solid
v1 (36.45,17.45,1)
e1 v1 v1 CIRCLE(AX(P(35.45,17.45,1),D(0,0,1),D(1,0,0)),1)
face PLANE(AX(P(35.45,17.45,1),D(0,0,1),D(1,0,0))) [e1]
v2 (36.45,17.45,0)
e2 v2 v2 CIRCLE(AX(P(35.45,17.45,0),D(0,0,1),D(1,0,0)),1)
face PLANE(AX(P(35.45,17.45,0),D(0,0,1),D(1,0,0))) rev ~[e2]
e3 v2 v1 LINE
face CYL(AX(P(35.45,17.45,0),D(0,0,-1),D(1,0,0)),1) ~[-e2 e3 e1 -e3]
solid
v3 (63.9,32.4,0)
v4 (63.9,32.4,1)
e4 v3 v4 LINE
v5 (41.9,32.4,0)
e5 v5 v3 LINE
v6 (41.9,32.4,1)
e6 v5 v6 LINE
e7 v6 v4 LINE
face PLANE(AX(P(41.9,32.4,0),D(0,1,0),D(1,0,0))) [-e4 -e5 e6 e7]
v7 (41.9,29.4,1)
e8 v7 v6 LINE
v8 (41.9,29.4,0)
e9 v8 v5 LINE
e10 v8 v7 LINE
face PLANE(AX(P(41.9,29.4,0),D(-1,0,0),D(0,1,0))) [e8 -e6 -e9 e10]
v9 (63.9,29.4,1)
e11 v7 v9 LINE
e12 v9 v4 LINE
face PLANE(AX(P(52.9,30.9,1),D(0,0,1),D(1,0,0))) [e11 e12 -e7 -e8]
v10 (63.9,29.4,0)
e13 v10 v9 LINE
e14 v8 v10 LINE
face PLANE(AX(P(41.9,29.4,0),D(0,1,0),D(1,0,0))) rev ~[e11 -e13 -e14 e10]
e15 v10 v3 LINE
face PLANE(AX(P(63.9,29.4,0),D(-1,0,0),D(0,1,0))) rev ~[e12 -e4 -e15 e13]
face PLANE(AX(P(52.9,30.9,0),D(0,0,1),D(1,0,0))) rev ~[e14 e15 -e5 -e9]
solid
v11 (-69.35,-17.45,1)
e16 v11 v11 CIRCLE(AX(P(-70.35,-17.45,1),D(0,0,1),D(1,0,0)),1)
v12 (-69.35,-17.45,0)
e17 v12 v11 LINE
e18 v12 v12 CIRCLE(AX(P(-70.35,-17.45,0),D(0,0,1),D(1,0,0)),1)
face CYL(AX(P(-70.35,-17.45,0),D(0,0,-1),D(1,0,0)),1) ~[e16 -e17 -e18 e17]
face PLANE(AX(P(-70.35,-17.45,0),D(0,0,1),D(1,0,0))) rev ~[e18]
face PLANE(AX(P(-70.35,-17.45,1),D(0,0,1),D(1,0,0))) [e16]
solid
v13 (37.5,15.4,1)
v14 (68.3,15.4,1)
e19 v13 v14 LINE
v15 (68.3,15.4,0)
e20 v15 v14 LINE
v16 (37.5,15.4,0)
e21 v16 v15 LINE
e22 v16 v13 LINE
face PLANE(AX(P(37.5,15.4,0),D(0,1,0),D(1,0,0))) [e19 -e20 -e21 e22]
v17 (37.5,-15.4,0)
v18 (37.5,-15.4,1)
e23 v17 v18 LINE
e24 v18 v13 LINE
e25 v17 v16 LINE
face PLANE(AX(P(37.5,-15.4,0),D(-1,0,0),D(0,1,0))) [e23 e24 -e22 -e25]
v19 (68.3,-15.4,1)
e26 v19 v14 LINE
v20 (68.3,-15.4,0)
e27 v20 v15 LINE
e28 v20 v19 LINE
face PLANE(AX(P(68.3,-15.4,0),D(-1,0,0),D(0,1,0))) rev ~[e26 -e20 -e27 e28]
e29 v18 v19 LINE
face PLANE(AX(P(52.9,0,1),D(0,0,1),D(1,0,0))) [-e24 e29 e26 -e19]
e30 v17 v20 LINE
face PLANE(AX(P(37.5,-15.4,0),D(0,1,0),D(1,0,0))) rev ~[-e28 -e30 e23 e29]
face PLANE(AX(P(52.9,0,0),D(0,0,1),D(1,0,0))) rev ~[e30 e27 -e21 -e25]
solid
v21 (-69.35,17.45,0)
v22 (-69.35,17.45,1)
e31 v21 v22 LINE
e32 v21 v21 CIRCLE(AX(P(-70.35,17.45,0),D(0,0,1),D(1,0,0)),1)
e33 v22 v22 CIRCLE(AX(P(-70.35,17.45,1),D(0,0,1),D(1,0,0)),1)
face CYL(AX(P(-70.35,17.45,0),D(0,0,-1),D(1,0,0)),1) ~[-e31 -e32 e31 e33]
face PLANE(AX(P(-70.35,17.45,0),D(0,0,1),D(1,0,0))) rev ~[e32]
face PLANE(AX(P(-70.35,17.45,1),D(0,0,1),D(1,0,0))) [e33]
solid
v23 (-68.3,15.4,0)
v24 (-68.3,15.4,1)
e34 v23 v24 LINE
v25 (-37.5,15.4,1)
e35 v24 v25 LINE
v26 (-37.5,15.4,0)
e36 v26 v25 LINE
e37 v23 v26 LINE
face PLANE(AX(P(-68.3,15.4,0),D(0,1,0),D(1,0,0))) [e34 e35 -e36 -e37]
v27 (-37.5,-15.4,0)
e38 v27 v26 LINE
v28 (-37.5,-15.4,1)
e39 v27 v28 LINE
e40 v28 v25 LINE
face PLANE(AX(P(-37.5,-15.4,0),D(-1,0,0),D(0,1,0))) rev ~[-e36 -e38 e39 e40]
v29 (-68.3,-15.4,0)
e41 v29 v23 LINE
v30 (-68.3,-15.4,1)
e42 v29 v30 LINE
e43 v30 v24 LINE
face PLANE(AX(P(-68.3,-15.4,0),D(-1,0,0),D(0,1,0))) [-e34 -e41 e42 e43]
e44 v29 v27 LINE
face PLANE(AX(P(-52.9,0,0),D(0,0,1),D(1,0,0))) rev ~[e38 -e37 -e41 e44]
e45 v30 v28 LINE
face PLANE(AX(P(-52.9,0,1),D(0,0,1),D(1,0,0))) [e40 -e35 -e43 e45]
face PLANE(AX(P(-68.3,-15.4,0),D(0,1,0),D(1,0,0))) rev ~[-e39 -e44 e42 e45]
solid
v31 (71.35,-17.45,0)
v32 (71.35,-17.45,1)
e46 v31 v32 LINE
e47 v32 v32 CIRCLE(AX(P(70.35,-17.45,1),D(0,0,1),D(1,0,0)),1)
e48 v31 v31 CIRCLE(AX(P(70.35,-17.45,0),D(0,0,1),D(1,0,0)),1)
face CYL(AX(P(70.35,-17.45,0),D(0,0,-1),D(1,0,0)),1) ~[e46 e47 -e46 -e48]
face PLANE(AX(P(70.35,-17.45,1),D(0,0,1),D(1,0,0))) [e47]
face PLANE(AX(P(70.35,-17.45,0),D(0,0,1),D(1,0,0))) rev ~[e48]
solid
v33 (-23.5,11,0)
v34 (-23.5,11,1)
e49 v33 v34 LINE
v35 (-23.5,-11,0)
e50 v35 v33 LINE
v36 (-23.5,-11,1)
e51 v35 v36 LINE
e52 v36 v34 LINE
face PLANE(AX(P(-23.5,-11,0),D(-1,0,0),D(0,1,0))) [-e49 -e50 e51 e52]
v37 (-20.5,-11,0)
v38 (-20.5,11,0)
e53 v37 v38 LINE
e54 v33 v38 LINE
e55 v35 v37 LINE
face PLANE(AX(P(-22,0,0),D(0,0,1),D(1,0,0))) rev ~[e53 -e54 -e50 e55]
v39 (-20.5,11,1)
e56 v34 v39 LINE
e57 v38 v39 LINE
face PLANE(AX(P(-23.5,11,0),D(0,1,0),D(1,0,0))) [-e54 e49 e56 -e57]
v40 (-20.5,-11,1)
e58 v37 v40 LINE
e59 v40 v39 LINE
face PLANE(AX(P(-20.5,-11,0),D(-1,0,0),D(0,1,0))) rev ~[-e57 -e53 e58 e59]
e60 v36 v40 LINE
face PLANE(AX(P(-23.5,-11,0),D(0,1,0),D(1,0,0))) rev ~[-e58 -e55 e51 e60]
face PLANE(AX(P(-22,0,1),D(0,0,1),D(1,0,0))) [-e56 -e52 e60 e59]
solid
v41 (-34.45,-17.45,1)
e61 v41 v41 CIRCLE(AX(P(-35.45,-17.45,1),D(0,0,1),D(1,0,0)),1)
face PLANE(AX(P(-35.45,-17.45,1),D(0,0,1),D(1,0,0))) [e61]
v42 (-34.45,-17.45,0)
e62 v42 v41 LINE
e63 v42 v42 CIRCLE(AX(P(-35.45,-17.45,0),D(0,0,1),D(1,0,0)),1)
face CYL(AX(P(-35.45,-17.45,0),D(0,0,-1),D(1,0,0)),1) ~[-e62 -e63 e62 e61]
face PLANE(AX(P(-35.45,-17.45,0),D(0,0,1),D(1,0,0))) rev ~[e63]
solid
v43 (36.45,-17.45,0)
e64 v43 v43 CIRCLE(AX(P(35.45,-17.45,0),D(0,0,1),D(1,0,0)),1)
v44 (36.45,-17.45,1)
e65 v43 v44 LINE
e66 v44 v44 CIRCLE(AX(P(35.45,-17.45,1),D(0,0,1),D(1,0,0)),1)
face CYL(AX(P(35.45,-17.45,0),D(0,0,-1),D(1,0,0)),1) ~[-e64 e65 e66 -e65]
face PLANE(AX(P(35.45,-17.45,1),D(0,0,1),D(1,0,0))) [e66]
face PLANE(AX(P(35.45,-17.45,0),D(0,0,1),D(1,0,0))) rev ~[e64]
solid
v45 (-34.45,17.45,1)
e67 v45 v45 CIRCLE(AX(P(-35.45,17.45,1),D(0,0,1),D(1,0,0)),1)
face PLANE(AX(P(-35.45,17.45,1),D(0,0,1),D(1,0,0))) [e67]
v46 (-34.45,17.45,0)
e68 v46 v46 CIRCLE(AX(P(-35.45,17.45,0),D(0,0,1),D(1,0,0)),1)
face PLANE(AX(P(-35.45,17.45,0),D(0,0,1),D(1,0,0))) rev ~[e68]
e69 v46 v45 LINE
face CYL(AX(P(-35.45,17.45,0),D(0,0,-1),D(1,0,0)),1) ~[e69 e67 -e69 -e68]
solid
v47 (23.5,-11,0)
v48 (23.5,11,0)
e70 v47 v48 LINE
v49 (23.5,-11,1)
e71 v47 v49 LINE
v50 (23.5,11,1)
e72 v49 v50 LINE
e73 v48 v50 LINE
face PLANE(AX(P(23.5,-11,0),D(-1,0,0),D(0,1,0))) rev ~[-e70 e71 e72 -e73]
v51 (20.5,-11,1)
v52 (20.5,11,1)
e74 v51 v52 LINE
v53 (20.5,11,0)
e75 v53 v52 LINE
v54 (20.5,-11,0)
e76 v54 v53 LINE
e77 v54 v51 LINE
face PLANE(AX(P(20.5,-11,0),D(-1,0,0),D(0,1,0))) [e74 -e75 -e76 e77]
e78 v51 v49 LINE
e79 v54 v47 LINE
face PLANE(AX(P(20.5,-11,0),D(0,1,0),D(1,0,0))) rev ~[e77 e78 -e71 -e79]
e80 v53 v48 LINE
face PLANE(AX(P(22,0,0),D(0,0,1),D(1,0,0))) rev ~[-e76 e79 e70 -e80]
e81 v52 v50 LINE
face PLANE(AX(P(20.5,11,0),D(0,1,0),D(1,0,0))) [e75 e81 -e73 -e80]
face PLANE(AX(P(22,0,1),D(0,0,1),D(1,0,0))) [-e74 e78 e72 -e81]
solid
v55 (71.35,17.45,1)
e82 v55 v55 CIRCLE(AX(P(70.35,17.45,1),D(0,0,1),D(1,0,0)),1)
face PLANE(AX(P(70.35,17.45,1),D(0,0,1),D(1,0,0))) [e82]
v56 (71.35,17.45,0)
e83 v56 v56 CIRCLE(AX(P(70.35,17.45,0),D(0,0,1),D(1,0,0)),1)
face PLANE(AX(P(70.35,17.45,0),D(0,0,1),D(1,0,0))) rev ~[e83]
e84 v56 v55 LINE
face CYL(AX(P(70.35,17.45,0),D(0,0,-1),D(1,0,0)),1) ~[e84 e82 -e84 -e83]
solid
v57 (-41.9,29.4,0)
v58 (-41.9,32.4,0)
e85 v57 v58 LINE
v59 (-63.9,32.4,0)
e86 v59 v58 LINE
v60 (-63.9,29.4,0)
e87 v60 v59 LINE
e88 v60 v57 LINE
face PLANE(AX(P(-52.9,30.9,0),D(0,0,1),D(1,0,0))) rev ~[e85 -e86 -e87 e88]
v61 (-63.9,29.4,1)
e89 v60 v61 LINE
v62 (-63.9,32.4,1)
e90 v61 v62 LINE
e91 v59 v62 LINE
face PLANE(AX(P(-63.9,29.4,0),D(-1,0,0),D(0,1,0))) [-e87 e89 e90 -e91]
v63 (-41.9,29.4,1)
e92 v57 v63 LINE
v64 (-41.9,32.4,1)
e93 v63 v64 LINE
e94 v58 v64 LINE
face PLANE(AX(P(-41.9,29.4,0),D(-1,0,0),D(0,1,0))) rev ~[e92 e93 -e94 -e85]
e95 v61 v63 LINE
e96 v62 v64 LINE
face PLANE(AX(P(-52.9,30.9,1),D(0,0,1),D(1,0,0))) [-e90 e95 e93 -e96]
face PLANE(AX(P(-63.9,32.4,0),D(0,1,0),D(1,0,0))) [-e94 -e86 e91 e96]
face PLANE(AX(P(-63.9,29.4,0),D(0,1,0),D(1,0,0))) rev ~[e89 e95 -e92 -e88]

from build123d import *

# Parameters (mm, degrees)
F0_W     = 3
F0_H     = 22
F0_W_2   = 22
F0_H_2   = 3
F0_W_3   = 30.8
F0_H_3   = 30.8
F0_R     = 1
F1_DEPTH = 1


with BuildPart() as f1:
    # F0 (on Top) → F1 (new body)
    with BuildSketch(Plane.XY):
        with Locations((22, 0)):
            Rectangle(F0_W, F0_H)
        with Locations((52.9, 30.9)):
            Rectangle(F0_W_2, F0_H_2)
        with Locations((-52.9, 30.9)):
            Rectangle(F0_W_2, F0_H_2)
        with Locations((-22, 0)):
            Rectangle(F0_W, F0_H)
        with Locations((-52.9, 0)):
            Rectangle(F0_W_3, F0_H_3)
        with Locations((52.9, 0)):
            Rectangle(F0_W_3, F0_H_3)
        with Locations((35.45, -17.45)):
            Circle(F0_R)
        with Locations((35.45, 17.45)):
            Circle(F0_R)
        with Locations((-70.35, -17.45)):
            Circle(F0_R)
        with Locations((-70.35, 17.45)):
            Circle(F0_R)
        with Locations((70.35, 17.45)):
            Circle(F0_R)
        with Locations((70.35, -17.45)):
            Circle(F0_R)
        with Locations((-35.45, -17.45)):
            Circle(F0_R)
        with Locations((-35.45, 17.45)):
            Circle(F0_R)
    extrude(amount=F1_DEPTH)


solid = f1.part
